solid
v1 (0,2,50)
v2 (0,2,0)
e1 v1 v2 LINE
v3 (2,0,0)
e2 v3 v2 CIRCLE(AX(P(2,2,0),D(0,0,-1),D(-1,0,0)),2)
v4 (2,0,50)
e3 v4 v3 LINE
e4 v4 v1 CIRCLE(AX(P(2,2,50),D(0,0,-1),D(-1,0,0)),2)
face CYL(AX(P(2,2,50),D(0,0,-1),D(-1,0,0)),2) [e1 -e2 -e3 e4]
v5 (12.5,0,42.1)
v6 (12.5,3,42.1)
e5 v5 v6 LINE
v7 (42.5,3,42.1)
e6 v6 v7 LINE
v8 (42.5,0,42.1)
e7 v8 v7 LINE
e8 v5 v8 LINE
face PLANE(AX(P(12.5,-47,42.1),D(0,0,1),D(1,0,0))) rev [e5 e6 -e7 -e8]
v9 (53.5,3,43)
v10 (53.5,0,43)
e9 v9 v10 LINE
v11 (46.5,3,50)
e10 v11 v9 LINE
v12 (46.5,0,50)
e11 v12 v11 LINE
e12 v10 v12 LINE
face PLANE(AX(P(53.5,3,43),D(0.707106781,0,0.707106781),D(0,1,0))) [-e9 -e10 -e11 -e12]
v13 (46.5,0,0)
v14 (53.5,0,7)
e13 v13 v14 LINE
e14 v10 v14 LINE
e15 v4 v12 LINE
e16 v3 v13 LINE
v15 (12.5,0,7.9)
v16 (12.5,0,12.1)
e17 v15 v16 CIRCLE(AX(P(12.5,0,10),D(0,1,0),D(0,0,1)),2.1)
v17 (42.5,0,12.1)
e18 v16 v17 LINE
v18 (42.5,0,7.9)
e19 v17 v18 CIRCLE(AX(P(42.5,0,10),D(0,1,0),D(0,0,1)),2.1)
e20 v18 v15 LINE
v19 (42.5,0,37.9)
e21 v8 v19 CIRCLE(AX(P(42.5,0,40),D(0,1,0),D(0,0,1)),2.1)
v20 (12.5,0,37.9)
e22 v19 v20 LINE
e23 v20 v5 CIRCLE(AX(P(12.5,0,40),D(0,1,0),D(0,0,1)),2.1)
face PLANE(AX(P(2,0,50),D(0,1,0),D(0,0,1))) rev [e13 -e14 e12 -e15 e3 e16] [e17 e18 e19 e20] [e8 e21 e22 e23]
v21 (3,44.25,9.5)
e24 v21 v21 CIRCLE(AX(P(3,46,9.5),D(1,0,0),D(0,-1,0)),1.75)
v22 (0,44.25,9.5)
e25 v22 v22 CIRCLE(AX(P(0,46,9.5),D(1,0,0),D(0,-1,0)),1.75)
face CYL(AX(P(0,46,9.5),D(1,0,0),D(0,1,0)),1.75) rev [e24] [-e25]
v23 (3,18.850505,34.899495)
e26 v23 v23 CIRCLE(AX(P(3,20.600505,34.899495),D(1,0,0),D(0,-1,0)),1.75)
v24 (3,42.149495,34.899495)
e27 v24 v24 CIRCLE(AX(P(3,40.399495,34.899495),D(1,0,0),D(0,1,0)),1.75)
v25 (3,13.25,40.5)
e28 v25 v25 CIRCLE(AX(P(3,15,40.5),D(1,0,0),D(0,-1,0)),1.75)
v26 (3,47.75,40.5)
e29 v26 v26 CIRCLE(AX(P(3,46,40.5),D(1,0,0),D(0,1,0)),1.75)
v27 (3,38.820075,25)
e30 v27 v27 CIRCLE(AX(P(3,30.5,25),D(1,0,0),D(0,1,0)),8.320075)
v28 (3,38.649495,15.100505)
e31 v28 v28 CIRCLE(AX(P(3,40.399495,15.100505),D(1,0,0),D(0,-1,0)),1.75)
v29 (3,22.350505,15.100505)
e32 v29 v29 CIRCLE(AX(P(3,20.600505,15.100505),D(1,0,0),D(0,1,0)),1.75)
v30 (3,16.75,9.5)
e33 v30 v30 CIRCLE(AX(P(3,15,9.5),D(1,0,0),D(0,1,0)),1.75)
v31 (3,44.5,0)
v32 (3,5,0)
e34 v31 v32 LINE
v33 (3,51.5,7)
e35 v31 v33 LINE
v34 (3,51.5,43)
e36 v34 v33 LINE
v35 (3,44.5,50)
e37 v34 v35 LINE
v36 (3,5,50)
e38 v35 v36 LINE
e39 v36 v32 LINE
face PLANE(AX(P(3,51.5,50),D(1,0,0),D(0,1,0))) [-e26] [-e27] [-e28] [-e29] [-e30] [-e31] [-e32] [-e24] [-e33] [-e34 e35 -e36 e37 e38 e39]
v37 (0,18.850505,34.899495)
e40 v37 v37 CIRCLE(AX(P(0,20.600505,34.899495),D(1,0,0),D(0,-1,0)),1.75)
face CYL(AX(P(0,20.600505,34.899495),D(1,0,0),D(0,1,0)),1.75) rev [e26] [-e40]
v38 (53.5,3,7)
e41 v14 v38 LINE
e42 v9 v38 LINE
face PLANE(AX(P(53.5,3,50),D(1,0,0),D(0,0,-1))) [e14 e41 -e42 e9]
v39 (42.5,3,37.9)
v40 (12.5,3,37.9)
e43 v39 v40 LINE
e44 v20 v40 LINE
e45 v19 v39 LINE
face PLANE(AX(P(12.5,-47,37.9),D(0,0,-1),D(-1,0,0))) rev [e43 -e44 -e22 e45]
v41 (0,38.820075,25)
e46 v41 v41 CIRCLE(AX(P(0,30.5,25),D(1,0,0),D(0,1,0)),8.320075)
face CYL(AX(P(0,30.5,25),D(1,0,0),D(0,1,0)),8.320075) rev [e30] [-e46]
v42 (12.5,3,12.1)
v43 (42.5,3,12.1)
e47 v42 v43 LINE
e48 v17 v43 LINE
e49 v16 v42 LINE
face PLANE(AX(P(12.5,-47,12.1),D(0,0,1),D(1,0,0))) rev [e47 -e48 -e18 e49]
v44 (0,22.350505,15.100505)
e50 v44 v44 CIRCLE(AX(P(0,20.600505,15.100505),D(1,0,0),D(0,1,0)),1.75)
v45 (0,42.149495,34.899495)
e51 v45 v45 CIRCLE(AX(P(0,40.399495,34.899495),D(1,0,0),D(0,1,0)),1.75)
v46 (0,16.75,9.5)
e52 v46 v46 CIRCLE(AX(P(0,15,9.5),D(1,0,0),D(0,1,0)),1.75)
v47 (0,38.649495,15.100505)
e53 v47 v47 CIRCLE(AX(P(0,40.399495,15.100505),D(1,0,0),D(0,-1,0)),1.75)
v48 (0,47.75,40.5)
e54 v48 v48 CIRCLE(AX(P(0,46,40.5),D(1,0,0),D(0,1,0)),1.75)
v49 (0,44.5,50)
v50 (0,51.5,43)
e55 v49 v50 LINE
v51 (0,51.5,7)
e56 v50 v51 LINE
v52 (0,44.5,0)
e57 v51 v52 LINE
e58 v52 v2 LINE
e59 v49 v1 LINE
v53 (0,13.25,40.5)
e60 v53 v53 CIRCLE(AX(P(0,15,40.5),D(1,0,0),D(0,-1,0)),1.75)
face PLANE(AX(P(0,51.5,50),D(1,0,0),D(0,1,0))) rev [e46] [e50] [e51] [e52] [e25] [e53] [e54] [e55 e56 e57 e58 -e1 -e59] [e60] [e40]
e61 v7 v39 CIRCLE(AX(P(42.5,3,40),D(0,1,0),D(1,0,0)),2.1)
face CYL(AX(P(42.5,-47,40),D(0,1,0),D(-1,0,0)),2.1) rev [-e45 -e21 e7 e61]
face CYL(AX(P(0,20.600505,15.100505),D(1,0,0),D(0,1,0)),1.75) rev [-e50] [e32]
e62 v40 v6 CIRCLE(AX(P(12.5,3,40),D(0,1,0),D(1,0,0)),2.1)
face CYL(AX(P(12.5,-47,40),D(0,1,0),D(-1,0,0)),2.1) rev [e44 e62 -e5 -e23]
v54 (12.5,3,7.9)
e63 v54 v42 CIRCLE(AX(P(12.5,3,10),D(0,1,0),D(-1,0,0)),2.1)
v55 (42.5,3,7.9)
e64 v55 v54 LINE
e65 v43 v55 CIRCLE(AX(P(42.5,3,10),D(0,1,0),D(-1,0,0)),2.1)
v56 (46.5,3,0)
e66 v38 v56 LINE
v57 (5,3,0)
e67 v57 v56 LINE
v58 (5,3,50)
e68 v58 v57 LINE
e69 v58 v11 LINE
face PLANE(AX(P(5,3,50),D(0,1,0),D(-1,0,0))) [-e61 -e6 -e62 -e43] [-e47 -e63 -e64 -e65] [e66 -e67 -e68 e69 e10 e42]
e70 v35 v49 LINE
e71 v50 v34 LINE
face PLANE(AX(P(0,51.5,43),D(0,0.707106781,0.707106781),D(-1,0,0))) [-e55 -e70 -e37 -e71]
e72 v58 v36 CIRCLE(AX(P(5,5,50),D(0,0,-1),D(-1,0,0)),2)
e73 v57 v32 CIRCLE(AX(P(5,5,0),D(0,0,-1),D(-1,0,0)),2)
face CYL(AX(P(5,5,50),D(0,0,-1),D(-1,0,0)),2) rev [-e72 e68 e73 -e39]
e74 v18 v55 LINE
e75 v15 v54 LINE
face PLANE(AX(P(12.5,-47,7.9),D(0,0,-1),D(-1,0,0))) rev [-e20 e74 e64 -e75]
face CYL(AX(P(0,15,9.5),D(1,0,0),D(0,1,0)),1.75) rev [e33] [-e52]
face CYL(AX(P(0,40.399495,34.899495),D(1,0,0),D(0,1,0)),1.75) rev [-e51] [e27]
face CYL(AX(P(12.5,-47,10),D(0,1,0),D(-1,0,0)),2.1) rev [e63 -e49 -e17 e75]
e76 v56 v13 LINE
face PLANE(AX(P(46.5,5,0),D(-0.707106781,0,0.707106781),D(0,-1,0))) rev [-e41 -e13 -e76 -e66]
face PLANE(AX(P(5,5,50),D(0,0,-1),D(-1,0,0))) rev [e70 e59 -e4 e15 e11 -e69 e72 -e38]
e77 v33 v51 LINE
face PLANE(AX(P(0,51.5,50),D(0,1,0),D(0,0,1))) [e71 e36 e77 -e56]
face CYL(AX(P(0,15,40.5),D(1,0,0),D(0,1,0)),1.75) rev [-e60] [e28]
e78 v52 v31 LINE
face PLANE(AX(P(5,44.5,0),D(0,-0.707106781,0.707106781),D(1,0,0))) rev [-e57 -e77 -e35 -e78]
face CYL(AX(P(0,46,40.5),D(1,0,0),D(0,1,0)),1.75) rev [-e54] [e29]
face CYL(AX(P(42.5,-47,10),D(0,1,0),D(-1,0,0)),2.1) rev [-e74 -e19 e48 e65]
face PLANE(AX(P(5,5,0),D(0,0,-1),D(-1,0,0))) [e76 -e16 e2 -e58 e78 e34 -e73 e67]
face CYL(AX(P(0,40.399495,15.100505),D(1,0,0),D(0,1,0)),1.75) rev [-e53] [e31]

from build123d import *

# Parameters (mm, degrees)
BOSS_EXTRUDE1_DEPTH = 50
SKETCH2_R           = 8.320074994
SKETCH2_R_2         = 1.75
CUT_EXTRUDE1_DEPTH  = 4
CHAMFER1_SIZE       = 7
CHAMFER2_SIZE       = 7
CUT_EXTRUDE2_DEPTH  = 50


with BuildPart() as part:
    # Sketch1 → Boss-Extrude1 (new body)
    with BuildSketch(Plane.XY):
        with BuildLine():
            Line((0, 51.5), (0, 2))
            ThreePointArc((0, 2), (0.585786438, 0.585786438), (2, 0))
            Line((2, 0), (53.5, 0))
            Line((53.5, 0), (53.5, 3))
            Line((53.5, 3), (5, 3))
            ThreePointArc((5, 3), (3.585786438, 3.585786438), (3, 5))
            Line((3, 5), (3, 51.5))
            Line((3, 51.5), (0, 51.5))
        make_face()
    extrude(amount=BOSS_EXTRUDE1_DEPTH)

    # Sketch2 → Cut-Extrude1 (cut, through all)
    with BuildSketch(Plane(origin=(3, 0, 0), x_dir=(0, 0, -1), z_dir=(1, 0, 0))):
        with Locations((-25, 30.5)):
            Circle(SKETCH2_R)
        with Locations((-34.899494937, 40.399494937)):
            Circle(SKETCH2_R_2)
        with Locations((-15.100505063, 40.399494937)):
            Circle(SKETCH2_R_2)
        with Locations((-15.100505063, 20.600505063)):
            Circle(SKETCH2_R_2)
        with Locations((-34.899494937, 20.600505063)):
            Circle(SKETCH2_R_2)
        with Locations((-40.5, 46)):
            Circle(SKETCH2_R_2)
        with Locations((-9.5, 46)):
            Circle(SKETCH2_R_2)
        with Locations((-40.5, 15)):
            Circle(SKETCH2_R_2)
        with Locations((-9.5, 15)):
            Circle(SKETCH2_R_2)
    extrude(amount=-CUT_EXTRUDE1_DEPTH, mode=Mode.SUBTRACT)

    # Chamfer1
    chamfer1_edges = [part.edges().sort_by_distance(p)[0] for p in [
        (1.5, 51.5, 0),
    ]]
    chamfer(chamfer1_edges, length=CHAMFER1_SIZE)

    # Chamfer2
    chamfer2_edges = [part.edges().sort_by_distance(p)[0] for p in [
        (53.5, 1.5, 50),
        (1.5, 51.5, 50),
        (53.5, 1.5, 0),
    ]]
    chamfer(chamfer2_edges, length=CHAMFER2_SIZE)

    # Sketch5 → Cut-Extrude2 (cut)
    with BuildSketch(Plane(origin=(0, 3, 0), x_dir=(1, 0, 0), z_dir=(0, 1, 0))):
        with BuildLine():
            Line((12.5, -7.9), (42.5, -7.9))
            ThreePointArc((42.5, -7.9), (44.6, -10), (42.5, -12.1))
            Line((42.5, -12.1), (12.5, -12.1))
            ThreePointArc((12.5, -12.1), (10.4, -10), (12.5, -7.9))
        make_face()
        with BuildLine():
            Line((12.5, -42.1), (42.5, -42.1))
            ThreePointArc((42.5, -42.1), (44.6, -40), (42.5, -37.9))
            Line((42.5, -37.9), (12.5, -37.9))
            ThreePointArc((12.5, -37.9), (10.4, -40), (12.5, -42.1))
        make_face()
    extrude(amount=-CUT_EXTRUDE2_DEPTH, mode=Mode.SUBTRACT)


solid = part.part
